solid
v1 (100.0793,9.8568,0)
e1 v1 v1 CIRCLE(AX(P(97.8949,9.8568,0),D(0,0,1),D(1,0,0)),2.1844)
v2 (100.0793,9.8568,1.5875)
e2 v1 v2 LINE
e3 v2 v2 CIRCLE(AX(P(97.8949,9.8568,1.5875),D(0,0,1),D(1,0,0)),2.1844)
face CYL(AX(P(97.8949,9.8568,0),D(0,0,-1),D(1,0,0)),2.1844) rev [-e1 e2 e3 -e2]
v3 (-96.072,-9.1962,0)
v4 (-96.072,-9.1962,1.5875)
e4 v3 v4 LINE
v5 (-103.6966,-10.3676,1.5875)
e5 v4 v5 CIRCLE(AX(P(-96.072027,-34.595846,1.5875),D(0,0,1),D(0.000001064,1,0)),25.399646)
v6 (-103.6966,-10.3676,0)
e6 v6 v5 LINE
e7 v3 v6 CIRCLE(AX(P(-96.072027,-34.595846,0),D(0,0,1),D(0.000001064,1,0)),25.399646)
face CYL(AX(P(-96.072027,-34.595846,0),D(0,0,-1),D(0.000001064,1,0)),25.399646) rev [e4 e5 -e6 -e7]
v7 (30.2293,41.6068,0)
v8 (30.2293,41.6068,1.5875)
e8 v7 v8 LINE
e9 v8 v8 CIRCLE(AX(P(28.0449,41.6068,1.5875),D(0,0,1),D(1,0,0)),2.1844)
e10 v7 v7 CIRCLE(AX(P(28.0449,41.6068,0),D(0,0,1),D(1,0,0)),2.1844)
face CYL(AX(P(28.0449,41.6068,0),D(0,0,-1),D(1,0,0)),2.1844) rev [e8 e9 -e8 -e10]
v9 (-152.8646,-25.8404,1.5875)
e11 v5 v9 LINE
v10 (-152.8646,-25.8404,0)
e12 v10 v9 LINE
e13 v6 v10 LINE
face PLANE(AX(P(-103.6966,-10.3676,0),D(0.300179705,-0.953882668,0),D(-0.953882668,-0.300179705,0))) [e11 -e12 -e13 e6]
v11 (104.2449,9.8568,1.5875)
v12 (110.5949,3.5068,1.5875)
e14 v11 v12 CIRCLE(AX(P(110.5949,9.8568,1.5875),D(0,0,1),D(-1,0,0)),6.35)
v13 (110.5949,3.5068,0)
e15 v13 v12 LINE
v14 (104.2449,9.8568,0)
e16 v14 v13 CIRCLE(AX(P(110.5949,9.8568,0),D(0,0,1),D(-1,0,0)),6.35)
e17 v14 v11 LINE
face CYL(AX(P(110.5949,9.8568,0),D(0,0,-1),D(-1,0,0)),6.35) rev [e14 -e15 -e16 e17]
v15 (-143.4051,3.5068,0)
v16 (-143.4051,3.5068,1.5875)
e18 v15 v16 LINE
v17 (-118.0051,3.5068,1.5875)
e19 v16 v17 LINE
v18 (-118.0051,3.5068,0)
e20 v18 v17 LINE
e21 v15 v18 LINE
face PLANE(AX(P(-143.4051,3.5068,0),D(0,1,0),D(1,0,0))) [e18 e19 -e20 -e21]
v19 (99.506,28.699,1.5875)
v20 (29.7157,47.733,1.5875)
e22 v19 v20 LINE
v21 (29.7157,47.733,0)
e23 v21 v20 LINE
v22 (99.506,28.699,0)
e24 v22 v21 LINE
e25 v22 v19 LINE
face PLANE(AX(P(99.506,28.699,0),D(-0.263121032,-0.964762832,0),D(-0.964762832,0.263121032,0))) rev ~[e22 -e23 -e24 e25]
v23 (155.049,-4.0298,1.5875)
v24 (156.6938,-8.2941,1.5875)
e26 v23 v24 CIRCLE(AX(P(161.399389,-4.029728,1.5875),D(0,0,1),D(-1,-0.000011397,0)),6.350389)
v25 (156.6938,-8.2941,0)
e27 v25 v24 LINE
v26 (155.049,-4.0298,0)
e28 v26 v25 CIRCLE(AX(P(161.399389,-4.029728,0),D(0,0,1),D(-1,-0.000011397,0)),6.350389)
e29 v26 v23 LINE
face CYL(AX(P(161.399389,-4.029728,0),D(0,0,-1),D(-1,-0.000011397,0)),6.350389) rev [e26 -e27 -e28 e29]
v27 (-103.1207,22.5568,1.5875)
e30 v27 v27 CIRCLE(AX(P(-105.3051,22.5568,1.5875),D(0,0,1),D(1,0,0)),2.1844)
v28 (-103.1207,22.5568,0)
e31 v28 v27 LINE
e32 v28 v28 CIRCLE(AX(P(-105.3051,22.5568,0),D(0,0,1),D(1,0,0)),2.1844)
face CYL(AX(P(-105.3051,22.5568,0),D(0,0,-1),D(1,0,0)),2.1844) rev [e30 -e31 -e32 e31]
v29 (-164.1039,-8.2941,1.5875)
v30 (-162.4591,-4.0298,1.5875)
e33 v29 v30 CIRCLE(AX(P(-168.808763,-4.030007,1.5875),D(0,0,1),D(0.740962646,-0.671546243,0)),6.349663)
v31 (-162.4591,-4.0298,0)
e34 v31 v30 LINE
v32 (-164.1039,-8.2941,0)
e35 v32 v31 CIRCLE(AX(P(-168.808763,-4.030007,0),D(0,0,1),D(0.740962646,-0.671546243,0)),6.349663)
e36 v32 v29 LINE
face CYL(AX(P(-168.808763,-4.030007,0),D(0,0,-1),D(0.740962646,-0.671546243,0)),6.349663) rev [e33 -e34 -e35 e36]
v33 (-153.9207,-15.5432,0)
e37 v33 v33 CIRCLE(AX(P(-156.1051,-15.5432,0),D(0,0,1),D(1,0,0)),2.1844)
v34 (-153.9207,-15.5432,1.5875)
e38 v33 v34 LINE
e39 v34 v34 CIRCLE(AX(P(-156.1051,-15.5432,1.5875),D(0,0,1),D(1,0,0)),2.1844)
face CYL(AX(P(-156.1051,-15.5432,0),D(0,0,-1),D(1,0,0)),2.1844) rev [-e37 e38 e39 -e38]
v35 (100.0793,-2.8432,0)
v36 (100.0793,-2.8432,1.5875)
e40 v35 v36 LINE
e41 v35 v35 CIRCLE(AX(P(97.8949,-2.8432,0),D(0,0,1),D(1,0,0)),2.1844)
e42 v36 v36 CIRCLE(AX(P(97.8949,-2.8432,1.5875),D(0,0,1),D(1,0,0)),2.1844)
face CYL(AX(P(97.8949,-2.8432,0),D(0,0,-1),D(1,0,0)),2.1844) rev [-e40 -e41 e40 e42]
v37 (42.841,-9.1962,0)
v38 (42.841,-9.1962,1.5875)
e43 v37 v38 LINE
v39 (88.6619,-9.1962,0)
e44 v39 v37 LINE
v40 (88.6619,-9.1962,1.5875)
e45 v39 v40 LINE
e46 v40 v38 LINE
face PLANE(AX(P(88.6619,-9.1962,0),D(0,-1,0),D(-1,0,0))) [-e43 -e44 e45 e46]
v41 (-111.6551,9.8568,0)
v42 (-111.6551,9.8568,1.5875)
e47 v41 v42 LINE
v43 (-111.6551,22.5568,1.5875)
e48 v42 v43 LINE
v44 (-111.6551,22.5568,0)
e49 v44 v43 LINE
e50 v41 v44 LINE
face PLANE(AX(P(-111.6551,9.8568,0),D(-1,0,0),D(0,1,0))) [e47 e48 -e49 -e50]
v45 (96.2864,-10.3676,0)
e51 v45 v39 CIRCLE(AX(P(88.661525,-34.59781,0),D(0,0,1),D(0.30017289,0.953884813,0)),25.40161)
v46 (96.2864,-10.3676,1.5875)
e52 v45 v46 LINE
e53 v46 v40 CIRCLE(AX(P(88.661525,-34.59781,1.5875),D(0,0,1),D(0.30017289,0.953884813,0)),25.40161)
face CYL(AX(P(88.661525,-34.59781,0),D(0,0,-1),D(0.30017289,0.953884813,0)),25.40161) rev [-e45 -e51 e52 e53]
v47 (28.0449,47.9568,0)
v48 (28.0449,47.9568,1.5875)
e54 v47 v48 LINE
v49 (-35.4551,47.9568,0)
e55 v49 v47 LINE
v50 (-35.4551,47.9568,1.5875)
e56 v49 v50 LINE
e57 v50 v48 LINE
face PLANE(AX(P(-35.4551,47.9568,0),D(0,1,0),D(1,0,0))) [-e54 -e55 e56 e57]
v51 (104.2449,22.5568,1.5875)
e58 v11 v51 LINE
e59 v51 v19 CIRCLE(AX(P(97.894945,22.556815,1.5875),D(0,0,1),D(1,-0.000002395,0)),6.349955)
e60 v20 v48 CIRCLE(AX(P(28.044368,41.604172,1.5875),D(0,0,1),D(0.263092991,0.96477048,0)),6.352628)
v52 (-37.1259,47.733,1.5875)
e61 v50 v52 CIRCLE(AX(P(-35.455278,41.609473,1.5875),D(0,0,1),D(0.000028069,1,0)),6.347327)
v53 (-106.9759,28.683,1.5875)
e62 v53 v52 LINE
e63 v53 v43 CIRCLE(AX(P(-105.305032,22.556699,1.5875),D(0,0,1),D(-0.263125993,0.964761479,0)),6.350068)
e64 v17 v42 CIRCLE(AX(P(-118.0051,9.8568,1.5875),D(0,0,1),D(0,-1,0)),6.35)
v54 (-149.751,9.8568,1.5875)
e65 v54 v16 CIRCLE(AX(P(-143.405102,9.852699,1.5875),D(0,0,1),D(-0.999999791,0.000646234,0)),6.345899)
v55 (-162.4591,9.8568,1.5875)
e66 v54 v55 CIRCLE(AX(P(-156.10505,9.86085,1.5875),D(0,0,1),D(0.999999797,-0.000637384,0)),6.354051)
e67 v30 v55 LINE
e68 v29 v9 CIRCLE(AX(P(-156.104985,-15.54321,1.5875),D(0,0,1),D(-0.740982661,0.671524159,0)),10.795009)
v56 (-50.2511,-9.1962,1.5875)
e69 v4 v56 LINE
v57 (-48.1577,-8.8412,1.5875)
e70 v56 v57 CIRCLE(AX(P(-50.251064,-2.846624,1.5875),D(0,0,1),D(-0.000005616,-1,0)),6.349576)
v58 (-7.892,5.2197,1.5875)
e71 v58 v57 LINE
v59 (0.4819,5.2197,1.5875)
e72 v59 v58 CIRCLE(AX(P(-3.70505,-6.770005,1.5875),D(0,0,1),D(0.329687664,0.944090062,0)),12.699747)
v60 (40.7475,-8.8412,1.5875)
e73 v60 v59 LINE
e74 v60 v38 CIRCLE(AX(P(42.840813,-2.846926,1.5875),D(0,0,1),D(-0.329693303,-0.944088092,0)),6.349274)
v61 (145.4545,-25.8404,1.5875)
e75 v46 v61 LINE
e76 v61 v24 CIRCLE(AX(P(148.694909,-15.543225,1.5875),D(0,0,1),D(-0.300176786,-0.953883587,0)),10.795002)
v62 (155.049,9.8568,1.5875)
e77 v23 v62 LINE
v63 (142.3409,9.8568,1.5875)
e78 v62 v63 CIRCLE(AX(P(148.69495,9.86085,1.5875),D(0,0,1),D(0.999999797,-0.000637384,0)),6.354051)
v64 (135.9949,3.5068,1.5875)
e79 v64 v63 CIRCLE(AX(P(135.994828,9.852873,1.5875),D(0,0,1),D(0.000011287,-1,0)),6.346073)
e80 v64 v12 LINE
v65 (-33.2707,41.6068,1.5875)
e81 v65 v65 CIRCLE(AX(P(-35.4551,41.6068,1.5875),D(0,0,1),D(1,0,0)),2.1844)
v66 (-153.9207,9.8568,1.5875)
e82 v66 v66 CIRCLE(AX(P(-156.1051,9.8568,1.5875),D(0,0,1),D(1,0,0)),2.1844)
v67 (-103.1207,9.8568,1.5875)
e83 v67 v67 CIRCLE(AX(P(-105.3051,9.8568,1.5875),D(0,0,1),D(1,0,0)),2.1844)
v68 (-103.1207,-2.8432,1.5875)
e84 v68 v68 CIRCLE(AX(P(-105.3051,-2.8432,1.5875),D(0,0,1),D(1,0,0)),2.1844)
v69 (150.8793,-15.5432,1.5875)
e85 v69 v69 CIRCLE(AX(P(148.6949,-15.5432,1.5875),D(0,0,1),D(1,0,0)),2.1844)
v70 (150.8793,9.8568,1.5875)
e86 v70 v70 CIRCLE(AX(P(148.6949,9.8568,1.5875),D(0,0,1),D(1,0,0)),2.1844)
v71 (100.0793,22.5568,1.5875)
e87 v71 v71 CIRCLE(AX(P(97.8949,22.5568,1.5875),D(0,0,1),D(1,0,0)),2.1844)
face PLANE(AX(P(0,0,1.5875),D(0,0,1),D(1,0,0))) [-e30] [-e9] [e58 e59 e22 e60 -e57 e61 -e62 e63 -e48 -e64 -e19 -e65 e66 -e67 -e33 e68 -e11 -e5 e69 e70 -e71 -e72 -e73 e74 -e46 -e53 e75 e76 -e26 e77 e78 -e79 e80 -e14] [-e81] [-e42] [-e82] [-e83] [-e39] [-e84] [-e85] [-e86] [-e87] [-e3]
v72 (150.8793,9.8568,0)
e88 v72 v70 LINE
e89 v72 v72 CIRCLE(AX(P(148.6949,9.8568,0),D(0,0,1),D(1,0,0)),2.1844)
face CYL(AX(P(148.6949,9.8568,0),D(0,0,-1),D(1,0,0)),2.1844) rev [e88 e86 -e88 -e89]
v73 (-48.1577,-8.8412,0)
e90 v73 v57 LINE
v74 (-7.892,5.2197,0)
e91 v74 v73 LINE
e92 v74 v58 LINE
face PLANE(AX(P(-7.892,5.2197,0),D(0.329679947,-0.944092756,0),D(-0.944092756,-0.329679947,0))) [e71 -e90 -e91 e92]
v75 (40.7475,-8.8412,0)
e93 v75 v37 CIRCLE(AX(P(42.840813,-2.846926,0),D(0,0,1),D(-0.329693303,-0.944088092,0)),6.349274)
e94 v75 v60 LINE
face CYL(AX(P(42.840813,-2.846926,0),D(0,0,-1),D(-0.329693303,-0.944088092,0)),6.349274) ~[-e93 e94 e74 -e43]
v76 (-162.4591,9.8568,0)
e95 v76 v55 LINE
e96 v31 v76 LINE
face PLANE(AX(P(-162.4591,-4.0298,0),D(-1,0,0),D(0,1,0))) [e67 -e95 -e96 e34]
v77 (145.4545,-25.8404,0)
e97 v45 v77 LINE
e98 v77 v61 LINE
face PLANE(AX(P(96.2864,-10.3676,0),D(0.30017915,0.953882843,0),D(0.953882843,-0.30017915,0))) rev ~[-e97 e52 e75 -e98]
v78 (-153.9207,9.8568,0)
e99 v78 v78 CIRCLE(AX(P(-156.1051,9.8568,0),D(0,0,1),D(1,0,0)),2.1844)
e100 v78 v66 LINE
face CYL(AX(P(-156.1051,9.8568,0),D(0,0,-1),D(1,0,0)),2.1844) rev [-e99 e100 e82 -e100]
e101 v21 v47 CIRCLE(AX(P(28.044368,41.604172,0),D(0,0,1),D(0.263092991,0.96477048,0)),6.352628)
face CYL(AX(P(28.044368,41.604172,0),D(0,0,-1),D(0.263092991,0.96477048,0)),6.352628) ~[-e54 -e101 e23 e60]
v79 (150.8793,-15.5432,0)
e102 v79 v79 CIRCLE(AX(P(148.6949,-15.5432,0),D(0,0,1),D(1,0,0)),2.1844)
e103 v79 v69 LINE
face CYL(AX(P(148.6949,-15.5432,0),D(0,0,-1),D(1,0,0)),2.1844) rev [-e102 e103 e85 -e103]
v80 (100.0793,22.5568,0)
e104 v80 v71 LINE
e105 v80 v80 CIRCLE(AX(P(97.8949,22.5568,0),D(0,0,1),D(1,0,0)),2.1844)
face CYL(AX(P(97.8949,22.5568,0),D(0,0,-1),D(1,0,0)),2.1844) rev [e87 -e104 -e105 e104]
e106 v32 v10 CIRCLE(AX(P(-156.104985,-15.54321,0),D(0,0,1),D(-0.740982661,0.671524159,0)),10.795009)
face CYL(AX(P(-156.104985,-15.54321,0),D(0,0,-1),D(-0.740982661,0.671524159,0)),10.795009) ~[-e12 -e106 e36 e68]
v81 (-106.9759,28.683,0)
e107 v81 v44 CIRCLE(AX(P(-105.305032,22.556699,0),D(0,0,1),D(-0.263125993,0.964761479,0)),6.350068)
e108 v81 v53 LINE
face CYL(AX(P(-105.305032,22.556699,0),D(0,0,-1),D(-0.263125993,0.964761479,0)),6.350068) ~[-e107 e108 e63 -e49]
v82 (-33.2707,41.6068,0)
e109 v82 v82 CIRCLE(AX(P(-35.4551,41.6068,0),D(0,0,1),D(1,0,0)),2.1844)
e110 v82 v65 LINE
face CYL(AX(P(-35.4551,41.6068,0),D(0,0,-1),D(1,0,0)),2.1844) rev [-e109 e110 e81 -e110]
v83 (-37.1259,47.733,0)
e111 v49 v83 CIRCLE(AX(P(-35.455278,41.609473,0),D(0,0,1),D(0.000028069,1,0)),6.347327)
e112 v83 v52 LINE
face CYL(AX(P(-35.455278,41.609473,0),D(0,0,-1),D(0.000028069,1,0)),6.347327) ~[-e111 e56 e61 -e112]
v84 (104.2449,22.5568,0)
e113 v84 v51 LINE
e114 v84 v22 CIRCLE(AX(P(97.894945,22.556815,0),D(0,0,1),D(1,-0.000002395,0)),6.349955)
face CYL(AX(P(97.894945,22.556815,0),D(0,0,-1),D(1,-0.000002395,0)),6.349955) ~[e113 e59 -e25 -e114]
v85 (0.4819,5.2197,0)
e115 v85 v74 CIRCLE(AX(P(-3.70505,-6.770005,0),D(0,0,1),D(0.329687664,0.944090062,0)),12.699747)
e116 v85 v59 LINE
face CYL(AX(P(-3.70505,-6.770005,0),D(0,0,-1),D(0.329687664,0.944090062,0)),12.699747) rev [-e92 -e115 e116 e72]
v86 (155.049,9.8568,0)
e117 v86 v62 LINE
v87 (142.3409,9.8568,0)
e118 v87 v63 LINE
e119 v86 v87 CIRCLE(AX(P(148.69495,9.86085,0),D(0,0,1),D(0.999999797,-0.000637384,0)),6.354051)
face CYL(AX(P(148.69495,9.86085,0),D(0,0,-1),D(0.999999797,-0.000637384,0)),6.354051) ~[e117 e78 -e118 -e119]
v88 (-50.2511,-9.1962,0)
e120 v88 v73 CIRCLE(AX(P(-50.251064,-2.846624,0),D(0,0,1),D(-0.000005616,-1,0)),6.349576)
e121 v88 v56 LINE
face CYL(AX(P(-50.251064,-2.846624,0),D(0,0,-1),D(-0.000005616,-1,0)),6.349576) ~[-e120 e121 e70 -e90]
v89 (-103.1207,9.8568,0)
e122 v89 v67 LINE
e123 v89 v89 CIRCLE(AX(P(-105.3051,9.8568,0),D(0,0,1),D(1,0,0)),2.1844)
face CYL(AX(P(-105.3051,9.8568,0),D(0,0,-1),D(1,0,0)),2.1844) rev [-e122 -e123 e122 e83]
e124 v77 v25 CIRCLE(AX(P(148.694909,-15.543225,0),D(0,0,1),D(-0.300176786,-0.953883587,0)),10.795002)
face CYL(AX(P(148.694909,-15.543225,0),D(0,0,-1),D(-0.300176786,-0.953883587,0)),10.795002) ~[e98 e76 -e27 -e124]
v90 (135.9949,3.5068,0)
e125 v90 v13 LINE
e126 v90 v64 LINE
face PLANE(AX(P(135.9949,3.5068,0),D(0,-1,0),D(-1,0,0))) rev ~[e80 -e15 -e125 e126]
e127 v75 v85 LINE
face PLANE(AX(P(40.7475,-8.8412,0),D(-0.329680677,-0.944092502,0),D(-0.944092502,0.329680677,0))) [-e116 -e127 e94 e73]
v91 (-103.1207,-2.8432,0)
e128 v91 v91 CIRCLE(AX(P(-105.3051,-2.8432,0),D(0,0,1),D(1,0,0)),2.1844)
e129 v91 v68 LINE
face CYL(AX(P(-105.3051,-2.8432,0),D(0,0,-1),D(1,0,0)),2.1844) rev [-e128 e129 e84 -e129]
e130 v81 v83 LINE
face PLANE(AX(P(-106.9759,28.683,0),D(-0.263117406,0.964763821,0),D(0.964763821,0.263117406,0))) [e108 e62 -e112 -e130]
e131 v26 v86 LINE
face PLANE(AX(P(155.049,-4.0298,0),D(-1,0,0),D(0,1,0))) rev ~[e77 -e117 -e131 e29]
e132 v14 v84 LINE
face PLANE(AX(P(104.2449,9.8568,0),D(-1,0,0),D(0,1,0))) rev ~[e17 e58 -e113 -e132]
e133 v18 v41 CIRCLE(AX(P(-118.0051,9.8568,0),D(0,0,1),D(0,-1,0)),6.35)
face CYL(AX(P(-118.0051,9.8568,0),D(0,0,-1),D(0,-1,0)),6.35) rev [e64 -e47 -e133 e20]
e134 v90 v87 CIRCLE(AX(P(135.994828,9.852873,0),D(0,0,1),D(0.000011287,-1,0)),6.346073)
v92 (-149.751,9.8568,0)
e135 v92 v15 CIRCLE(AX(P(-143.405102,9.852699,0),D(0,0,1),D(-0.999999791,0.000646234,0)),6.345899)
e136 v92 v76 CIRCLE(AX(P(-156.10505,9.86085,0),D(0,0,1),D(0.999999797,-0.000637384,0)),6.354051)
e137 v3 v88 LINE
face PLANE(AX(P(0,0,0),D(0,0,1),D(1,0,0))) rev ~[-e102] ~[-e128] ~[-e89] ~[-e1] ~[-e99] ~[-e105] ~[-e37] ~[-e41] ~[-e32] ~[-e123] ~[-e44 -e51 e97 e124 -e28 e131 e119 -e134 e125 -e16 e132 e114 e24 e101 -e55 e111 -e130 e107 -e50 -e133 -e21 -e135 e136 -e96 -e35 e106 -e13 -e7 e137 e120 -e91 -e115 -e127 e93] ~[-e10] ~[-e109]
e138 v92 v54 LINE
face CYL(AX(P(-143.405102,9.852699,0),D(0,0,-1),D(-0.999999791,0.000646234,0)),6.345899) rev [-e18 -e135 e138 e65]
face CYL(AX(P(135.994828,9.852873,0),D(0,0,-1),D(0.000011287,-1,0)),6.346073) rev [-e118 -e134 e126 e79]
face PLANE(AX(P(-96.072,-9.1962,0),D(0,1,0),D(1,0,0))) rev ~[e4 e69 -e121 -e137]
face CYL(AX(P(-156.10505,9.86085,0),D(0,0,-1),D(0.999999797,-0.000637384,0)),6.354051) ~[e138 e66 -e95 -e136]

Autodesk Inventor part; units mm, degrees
ref_plane "YZ Plane" through (0, 0, 0) normal (1, 0, 0) x (0, 1, 0)
ref_plane "XZ Plane" through (0, 0, 0) normal (0, 1, 0) x (-1, 0, 0)
ref_plane "XY Plane" through (0, 0, 0) normal (0, 0, 1) x (1, 0, 0)
sketch "Sketch1" plane through (0, 0, 0) normal (0, 0, 1) x (1, 0, 0)
  arc A0 (155.049, 9.8568) -> (142.3409, 9.8568) centre (148.6949, 9.8608) ccw
  circle A1 centre (148.6949, 9.8568) radius 2.1844
  circle A2 centre (148.6949, -15.5432) radius 2.1844
  line L0 (155.049, -4.0298) -> (155.049, 9.8568)
  arc A3 (155.049, -4.0298) -> (156.6938, -8.2941) centre (161.399, -4.0298) ccw
  arc A4 (145.4545, -25.8404) -> (156.6938, -8.2941) centre (148.6949, -15.5432) ccw
  arc A5 (135.9949, 3.5068) -> (142.3409, 9.8568) centre (135.9949, 9.8527) ccw
  line L1 (135.9949, 3.5068) -> (110.5949, 3.5068)
  arc A6 (104.2449, 9.8568) -> (110.5949, 3.5068) centre (110.5949, 9.8568) ccw
  line L2 (104.2449, 9.8568) -> (104.2449, 22.5568)
  circle A7 centre (97.8949, 9.8568) radius 2.1844
  circle A8 centre (97.8949, -2.8432) radius 2.1844
  circle A9 centre (97.8949, 22.5568) radius 2.1844
  circle A10 centre (-105.3051, 9.8568) radius 2.1844
  circle A11 centre (-105.3051, -2.8432) radius 2.1844
  circle A12 centre (-105.3051, 22.5568) radius 2.1844
  circle A13 centre (-156.1051, 9.8568) radius 2.1844
  circle A14 centre (-156.1051, -15.5432) radius 2.1844
  arc A15 (-164.1039, -8.2941) -> (-152.8646, -25.8404) centre (-156.1051, -15.5432) ccw
  line L3 (-162.4591, -4.0298) -> (-162.4591, 9.8568)
  arc A16 (-164.1039, -8.2941) -> (-162.4591, -4.0298) centre (-168.8091, -4.0298) ccw
  arc A17 (-149.751, 9.8568) -> (-162.4591, 9.8568) centre (-156.1051, 9.8608) ccw
  arc A18 (-149.751, 9.8568) -> (-143.4051, 3.5068) centre (-143.4051, 9.8527) ccw
  line L4 (-143.4051, 3.5068) -> (-118.0051, 3.5068)
  arc A19 (-118.0051, 3.5068) -> (-111.6551, 9.8568) centre (-118.0051, 9.8568) ccw
  line L5 (-111.6551, 9.8568) -> (-111.6551, 22.5568)
  circle A20 centre (-35.4551, 41.6068) radius 2.1844
  circle A21 centre (28.0449, 41.6068) radius 2.1844
  line L6 (-35.4551, 47.9568) -> (28.0449, 47.9568)
  line L7 (99.506, 28.699) -> (29.7157, 47.733)
  arc A22 (0.4819, 5.2197) -> (-7.892, 5.2197) centre (-3.7051, -6.7703) ccw
  arc A23 (40.7475, -8.8412) -> (42.841, -9.1962) centre (42.841, -2.8462) ccw
  line L8 (40.7475, -8.8412) -> (0.4819, 5.2197)
  arc A24 (-50.2511, -9.1962) -> (-48.1577, -8.8412) centre (-50.2511, -2.8462) ccw
  line L9 (-7.892, 5.2197) -> (-48.1577, -8.8412)
  arc A25 (104.2449, 22.5568) -> (99.506, 28.699) centre (97.8949, 22.5568) ccw
  line L10 (-106.9759, 28.683) -> (-37.1259, 47.733)
  arc A26 (-35.4551, 47.9568) -> (-37.1259, 47.733) centre (-35.4551, 41.6068) ccw
  arc A27 (29.7157, 47.733) -> (28.0449, 47.9568) centre (28.0449, 41.6068) ccw
  arc A28 (-106.9759, 28.683) -> (-111.6551, 22.5568) centre (-105.3051, 22.5568) ccw
  arc A29 (-96.072, -9.1962) -> (-103.6966, -10.3676) centre (-96.072, -34.5962) ccw
  arc A30 (96.2864, -10.3676) -> (88.6619, -9.1962) centre (88.6619, -34.5962) ccw
  line L11 (-103.6966, -10.3676) -> (-152.8646, -25.8404)
  line L12 (-96.072, -9.1962) -> (-50.2511, -9.1962)
  line L13 (88.6619, -9.1962) -> (42.841, -9.1962)
  line L14 (96.2864, -10.3676) -> (145.4545, -25.8404)
  point P0 (0, 0)
  dimension "d0" = 12.7
  dimension "d1" = 6.35
  dimension "d2" = 6.35
  dimension "d3" = 25.4
  dimension "d4" = 25.4
extrude "Extrusion1" add sketch "Sketch1" along normal blind 1.5875
properties part number "backaligner"
